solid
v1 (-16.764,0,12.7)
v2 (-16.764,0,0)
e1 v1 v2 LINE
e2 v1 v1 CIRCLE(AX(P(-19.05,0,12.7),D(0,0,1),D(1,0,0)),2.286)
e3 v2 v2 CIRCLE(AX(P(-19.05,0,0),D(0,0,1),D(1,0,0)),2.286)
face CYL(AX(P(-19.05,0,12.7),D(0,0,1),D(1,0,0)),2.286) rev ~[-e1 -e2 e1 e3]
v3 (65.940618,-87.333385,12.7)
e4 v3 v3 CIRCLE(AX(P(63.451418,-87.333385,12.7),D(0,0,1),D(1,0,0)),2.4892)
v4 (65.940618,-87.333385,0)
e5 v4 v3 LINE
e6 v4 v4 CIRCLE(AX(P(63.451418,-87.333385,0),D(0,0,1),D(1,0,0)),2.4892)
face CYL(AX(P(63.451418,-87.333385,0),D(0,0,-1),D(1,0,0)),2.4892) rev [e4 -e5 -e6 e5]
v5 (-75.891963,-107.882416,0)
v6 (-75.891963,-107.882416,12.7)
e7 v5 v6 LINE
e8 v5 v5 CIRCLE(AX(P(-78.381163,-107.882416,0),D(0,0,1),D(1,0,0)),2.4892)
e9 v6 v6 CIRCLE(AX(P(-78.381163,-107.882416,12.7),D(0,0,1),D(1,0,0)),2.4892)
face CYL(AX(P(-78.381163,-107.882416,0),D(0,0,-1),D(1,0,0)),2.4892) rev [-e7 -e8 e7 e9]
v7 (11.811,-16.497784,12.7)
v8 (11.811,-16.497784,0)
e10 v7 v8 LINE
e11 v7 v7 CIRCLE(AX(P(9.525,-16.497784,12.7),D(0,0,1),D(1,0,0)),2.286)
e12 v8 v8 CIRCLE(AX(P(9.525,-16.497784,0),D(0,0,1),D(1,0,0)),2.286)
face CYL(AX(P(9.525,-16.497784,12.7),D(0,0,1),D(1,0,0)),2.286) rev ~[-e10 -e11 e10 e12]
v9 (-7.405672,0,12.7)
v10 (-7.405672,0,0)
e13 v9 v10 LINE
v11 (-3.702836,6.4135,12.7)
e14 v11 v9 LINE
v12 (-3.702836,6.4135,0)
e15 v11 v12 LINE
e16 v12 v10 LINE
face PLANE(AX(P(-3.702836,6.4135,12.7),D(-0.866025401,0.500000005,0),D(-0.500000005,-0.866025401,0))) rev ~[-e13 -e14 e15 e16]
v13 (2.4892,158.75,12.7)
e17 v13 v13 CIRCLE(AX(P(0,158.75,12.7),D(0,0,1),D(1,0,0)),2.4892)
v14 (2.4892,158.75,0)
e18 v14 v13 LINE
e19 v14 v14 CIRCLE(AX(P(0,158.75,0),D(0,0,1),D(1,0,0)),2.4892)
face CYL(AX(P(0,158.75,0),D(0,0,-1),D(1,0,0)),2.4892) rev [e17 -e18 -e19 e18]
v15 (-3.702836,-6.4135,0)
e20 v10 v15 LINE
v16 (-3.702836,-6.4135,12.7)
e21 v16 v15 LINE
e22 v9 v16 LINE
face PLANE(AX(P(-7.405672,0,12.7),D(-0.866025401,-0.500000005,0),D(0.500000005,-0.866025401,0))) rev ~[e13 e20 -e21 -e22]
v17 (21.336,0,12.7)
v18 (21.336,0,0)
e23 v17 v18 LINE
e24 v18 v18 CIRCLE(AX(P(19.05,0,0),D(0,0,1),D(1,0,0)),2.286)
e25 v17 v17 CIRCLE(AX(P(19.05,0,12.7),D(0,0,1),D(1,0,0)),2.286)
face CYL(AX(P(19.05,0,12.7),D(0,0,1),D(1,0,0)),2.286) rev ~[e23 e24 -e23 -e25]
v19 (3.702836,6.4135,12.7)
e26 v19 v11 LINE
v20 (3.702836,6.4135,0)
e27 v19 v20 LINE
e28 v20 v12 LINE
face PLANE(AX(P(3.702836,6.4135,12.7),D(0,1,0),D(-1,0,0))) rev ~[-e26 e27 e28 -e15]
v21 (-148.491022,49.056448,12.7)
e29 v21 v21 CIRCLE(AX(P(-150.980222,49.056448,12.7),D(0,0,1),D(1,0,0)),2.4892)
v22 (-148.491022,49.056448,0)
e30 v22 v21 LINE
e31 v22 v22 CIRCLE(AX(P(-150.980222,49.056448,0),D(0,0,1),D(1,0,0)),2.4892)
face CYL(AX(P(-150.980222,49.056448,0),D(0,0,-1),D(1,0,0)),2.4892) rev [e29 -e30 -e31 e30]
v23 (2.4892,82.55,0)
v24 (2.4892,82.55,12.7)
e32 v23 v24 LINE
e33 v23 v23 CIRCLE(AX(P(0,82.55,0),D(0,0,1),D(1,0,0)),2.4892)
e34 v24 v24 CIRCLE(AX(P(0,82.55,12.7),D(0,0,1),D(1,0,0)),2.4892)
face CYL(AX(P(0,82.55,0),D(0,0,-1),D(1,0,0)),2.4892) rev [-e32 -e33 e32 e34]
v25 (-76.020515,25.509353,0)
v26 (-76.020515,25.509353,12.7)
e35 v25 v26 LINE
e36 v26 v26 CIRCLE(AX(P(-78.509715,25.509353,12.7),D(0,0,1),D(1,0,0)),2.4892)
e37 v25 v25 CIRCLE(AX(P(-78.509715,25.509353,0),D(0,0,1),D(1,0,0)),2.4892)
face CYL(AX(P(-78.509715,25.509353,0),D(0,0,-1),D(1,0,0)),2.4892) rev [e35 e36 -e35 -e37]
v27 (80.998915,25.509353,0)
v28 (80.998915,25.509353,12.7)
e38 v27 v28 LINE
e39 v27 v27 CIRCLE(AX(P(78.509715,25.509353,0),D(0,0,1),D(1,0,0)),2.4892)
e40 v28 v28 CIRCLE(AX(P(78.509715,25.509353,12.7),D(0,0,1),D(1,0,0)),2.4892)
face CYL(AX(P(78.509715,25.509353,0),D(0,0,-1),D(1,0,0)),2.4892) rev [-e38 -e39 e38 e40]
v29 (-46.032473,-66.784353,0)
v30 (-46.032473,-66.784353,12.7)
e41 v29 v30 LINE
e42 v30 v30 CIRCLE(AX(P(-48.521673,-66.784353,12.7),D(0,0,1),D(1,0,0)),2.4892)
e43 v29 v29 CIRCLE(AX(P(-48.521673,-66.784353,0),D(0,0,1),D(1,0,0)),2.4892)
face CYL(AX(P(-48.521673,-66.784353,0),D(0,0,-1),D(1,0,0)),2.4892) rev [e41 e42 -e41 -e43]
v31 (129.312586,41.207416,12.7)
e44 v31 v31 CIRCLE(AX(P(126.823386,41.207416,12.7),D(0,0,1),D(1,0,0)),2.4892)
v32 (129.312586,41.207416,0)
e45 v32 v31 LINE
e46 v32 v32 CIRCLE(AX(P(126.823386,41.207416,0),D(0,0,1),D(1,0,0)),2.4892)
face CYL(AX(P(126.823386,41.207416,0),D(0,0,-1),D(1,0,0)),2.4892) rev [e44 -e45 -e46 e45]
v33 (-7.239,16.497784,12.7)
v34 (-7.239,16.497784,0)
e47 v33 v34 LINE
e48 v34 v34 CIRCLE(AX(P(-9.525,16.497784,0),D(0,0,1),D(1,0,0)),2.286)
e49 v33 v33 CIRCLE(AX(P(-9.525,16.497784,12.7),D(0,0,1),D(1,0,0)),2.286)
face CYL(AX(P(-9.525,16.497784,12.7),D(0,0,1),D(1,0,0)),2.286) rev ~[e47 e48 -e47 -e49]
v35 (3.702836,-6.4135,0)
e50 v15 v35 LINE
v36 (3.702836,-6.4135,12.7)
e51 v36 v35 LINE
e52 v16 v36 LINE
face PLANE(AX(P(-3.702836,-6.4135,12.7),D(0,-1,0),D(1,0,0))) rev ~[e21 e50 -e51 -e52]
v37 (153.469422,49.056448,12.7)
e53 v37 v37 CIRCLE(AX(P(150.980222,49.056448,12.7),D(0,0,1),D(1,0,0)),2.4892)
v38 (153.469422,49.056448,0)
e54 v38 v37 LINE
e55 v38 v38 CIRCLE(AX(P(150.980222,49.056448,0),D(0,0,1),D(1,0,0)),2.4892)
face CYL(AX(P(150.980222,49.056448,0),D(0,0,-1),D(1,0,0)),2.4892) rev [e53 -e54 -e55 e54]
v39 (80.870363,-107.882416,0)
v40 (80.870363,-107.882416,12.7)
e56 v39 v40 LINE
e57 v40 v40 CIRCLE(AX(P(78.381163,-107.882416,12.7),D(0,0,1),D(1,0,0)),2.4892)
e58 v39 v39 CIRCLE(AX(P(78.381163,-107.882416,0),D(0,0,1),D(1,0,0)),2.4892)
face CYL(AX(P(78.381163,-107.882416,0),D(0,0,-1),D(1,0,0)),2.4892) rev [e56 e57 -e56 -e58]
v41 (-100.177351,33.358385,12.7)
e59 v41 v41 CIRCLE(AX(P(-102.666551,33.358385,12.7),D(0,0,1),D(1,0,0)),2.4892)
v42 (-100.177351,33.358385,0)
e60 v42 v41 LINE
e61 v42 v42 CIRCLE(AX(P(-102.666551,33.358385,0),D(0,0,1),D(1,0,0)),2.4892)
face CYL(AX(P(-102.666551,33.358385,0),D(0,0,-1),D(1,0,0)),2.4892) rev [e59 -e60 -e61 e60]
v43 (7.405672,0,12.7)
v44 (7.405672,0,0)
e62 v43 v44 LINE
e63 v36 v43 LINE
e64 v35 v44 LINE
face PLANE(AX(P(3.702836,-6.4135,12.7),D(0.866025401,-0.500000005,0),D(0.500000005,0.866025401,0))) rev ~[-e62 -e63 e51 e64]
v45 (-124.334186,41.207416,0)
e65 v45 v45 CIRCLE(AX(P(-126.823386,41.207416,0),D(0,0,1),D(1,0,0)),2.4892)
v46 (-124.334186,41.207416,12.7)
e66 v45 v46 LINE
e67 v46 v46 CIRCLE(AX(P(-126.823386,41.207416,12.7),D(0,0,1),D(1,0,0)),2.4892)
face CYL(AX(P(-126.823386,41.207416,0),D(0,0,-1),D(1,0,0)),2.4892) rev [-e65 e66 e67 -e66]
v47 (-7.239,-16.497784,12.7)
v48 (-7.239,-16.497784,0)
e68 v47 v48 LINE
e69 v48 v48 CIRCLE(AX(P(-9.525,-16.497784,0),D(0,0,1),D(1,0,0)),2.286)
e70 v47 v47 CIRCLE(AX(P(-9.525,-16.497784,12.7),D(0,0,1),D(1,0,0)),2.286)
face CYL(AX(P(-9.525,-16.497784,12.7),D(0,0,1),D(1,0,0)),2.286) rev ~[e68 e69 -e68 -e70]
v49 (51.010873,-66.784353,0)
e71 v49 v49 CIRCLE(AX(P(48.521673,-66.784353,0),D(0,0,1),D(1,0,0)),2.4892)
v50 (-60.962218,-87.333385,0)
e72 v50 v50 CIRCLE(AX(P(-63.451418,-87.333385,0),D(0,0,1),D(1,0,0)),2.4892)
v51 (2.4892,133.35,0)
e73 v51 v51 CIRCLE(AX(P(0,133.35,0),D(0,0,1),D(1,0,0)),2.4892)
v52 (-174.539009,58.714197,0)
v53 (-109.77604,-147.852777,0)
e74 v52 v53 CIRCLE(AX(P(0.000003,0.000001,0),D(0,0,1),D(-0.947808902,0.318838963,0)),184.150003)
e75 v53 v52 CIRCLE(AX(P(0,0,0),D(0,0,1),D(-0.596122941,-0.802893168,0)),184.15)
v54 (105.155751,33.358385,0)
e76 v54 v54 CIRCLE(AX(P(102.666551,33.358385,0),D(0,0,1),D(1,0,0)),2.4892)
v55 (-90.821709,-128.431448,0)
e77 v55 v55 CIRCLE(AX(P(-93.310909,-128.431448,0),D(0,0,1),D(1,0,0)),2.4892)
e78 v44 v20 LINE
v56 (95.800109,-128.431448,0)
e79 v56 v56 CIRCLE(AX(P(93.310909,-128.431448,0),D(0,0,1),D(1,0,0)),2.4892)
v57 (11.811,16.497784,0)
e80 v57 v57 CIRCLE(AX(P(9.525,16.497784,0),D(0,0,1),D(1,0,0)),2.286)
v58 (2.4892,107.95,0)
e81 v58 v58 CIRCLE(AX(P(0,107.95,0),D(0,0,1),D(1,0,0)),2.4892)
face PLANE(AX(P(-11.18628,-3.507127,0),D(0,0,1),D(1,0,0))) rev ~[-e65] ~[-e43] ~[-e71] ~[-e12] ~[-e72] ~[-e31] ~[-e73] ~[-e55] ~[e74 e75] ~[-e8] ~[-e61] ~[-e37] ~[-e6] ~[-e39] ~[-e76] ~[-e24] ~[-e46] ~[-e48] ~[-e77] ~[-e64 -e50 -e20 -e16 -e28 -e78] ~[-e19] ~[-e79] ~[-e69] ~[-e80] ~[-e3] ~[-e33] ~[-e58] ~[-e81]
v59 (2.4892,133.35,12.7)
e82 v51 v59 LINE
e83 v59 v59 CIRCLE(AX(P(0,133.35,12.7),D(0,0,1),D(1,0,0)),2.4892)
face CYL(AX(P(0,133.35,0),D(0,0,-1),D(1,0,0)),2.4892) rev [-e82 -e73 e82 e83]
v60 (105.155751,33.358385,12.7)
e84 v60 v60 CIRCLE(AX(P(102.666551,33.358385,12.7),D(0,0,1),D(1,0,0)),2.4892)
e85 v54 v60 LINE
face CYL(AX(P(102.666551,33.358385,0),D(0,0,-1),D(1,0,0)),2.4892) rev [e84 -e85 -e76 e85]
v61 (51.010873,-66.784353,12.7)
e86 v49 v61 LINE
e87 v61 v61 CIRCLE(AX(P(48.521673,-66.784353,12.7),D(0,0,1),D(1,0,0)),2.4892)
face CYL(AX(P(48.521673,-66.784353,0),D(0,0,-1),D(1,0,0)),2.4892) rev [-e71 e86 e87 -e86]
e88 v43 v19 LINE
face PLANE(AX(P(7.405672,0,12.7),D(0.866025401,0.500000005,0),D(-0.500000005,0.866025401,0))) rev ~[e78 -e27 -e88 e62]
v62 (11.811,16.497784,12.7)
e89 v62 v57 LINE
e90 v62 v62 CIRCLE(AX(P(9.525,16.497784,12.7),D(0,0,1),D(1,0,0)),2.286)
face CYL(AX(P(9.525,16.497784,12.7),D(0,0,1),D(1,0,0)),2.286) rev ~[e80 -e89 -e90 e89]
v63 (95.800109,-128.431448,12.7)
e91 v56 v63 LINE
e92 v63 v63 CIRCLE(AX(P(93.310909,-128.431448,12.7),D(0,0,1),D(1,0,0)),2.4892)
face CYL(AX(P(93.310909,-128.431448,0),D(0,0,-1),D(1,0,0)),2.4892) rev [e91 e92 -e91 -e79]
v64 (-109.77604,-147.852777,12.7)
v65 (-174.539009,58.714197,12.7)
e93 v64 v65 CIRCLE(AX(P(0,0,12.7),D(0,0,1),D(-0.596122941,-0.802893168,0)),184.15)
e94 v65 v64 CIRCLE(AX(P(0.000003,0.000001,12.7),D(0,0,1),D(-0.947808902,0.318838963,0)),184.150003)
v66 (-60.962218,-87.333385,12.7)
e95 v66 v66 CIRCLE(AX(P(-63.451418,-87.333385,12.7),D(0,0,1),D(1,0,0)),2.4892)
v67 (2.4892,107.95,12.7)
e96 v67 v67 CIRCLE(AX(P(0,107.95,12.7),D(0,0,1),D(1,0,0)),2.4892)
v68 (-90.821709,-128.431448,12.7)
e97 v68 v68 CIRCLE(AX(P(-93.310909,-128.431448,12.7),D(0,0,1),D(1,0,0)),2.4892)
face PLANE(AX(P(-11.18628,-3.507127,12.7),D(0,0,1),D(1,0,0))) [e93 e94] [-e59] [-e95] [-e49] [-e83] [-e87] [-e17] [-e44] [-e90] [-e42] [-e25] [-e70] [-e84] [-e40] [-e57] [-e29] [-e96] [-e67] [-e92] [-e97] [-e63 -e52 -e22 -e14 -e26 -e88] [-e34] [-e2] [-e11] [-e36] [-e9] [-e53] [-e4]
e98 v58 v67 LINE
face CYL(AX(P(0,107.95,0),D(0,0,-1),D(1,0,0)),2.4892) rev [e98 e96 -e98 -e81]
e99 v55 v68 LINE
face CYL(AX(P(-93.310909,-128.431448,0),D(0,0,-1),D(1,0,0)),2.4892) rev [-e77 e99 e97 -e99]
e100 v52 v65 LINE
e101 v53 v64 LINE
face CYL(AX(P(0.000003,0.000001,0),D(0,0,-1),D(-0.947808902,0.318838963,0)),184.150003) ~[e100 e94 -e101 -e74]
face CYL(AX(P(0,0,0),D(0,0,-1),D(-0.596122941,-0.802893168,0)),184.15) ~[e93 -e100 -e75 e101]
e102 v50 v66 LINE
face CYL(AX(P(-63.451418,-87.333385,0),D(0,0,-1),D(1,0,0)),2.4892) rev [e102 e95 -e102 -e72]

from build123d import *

# Parameters (mm, degrees)
F0_R     = 2.4892
F1_DEPTH = 12.7
F2_R     = 2.286
F3_DEPTH = 12.7


with BuildPart() as f1:
    # F0 (on Top) → F1 (new body)
    with BuildSketch(Plane.XY):
        with BuildLine():
            ThreePointArc((-109.77604, -147.852777), (175.716363, 55.090672), (-174.539009, 58.714197))
            ThreePointArc((-174.539009, 58.714197), (-175.716363, -55.090672), (-109.77604, -147.852777))
        make_face()
        with Locations((-93.310909, -128.431448)):
            Circle(F0_R, mode=Mode.SUBTRACT)
        with Locations((-78.381163, -107.882416)):
            Circle(F0_R, mode=Mode.SUBTRACT)
        with Locations((-63.451418, -87.333385)):
            Circle(F0_R, mode=Mode.SUBTRACT)
        with Locations((-48.521673, -66.784353)):
            Circle(F0_R, mode=Mode.SUBTRACT)
        with Locations((78.381163, -107.882416)):
            Circle(F0_R, mode=Mode.SUBTRACT)
        with Locations((93.310909, -128.431448)):
            Circle(F0_R, mode=Mode.SUBTRACT)
        with Locations((63.451418, -87.333385)):
            Circle(F0_R, mode=Mode.SUBTRACT)
        with Locations((48.521673, -66.784353)):
            Circle(F0_R, mode=Mode.SUBTRACT)
        with Locations((-126.823386, 41.207416)):
            Circle(F0_R, mode=Mode.SUBTRACT)
        with Locations((-102.666551, 33.358385)):
            Circle(F0_R, mode=Mode.SUBTRACT)
        with Locations((-150.980222, 49.056448)):
            Circle(F0_R, mode=Mode.SUBTRACT)
        with Locations((-78.509715, 25.509353)):
            Circle(F0_R, mode=Mode.SUBTRACT)
        with Locations((0, 82.55)):
            Circle(F0_R, mode=Mode.SUBTRACT)
        with Locations((0, 107.95)):
            Circle(F0_R, mode=Mode.SUBTRACT)
        with Locations((0, 133.35)):
            Circle(F0_R, mode=Mode.SUBTRACT)
        with Locations((0, 158.75)):
            Circle(F0_R, mode=Mode.SUBTRACT)
        with Locations((78.509715, 25.509353)):
            Circle(F0_R, mode=Mode.SUBTRACT)
        with Locations((102.666551, 33.358385)):
            Circle(F0_R, mode=Mode.SUBTRACT)
        with Locations((126.823386, 41.207416)):
            Circle(F0_R, mode=Mode.SUBTRACT)
        with Locations((150.980222, 49.056448)):
            Circle(F0_R, mode=Mode.SUBTRACT)
    extrude(amount=F1_DEPTH)

    # F2 (on face) → F3 (cut, through all)
    with BuildSketch(Plane.XY.offset(12.7)):
        Polygon((3.702836, 6.4135), (-3.702836, 6.4135), (-7.405672, 0), (-3.702836, -6.4135), (3.702836, -6.4135), (7.405672, 0), align=None)
        with Locations((-19.05, 0)):
            Circle(F2_R)
        with Locations((-9.525, -16.497784)):
            Circle(F2_R)
        with Locations((9.525, -16.497784)):
            Circle(F2_R)
        with Locations((19.05, 0)):
            Circle(F2_R)
        with Locations((9.525, 16.497784)):
            Circle(F2_R)
        with Locations((-9.525, 16.497784)):
            Circle(F2_R)
    extrude(amount=-F3_DEPTH, mode=Mode.SUBTRACT)


solid = f1.part
